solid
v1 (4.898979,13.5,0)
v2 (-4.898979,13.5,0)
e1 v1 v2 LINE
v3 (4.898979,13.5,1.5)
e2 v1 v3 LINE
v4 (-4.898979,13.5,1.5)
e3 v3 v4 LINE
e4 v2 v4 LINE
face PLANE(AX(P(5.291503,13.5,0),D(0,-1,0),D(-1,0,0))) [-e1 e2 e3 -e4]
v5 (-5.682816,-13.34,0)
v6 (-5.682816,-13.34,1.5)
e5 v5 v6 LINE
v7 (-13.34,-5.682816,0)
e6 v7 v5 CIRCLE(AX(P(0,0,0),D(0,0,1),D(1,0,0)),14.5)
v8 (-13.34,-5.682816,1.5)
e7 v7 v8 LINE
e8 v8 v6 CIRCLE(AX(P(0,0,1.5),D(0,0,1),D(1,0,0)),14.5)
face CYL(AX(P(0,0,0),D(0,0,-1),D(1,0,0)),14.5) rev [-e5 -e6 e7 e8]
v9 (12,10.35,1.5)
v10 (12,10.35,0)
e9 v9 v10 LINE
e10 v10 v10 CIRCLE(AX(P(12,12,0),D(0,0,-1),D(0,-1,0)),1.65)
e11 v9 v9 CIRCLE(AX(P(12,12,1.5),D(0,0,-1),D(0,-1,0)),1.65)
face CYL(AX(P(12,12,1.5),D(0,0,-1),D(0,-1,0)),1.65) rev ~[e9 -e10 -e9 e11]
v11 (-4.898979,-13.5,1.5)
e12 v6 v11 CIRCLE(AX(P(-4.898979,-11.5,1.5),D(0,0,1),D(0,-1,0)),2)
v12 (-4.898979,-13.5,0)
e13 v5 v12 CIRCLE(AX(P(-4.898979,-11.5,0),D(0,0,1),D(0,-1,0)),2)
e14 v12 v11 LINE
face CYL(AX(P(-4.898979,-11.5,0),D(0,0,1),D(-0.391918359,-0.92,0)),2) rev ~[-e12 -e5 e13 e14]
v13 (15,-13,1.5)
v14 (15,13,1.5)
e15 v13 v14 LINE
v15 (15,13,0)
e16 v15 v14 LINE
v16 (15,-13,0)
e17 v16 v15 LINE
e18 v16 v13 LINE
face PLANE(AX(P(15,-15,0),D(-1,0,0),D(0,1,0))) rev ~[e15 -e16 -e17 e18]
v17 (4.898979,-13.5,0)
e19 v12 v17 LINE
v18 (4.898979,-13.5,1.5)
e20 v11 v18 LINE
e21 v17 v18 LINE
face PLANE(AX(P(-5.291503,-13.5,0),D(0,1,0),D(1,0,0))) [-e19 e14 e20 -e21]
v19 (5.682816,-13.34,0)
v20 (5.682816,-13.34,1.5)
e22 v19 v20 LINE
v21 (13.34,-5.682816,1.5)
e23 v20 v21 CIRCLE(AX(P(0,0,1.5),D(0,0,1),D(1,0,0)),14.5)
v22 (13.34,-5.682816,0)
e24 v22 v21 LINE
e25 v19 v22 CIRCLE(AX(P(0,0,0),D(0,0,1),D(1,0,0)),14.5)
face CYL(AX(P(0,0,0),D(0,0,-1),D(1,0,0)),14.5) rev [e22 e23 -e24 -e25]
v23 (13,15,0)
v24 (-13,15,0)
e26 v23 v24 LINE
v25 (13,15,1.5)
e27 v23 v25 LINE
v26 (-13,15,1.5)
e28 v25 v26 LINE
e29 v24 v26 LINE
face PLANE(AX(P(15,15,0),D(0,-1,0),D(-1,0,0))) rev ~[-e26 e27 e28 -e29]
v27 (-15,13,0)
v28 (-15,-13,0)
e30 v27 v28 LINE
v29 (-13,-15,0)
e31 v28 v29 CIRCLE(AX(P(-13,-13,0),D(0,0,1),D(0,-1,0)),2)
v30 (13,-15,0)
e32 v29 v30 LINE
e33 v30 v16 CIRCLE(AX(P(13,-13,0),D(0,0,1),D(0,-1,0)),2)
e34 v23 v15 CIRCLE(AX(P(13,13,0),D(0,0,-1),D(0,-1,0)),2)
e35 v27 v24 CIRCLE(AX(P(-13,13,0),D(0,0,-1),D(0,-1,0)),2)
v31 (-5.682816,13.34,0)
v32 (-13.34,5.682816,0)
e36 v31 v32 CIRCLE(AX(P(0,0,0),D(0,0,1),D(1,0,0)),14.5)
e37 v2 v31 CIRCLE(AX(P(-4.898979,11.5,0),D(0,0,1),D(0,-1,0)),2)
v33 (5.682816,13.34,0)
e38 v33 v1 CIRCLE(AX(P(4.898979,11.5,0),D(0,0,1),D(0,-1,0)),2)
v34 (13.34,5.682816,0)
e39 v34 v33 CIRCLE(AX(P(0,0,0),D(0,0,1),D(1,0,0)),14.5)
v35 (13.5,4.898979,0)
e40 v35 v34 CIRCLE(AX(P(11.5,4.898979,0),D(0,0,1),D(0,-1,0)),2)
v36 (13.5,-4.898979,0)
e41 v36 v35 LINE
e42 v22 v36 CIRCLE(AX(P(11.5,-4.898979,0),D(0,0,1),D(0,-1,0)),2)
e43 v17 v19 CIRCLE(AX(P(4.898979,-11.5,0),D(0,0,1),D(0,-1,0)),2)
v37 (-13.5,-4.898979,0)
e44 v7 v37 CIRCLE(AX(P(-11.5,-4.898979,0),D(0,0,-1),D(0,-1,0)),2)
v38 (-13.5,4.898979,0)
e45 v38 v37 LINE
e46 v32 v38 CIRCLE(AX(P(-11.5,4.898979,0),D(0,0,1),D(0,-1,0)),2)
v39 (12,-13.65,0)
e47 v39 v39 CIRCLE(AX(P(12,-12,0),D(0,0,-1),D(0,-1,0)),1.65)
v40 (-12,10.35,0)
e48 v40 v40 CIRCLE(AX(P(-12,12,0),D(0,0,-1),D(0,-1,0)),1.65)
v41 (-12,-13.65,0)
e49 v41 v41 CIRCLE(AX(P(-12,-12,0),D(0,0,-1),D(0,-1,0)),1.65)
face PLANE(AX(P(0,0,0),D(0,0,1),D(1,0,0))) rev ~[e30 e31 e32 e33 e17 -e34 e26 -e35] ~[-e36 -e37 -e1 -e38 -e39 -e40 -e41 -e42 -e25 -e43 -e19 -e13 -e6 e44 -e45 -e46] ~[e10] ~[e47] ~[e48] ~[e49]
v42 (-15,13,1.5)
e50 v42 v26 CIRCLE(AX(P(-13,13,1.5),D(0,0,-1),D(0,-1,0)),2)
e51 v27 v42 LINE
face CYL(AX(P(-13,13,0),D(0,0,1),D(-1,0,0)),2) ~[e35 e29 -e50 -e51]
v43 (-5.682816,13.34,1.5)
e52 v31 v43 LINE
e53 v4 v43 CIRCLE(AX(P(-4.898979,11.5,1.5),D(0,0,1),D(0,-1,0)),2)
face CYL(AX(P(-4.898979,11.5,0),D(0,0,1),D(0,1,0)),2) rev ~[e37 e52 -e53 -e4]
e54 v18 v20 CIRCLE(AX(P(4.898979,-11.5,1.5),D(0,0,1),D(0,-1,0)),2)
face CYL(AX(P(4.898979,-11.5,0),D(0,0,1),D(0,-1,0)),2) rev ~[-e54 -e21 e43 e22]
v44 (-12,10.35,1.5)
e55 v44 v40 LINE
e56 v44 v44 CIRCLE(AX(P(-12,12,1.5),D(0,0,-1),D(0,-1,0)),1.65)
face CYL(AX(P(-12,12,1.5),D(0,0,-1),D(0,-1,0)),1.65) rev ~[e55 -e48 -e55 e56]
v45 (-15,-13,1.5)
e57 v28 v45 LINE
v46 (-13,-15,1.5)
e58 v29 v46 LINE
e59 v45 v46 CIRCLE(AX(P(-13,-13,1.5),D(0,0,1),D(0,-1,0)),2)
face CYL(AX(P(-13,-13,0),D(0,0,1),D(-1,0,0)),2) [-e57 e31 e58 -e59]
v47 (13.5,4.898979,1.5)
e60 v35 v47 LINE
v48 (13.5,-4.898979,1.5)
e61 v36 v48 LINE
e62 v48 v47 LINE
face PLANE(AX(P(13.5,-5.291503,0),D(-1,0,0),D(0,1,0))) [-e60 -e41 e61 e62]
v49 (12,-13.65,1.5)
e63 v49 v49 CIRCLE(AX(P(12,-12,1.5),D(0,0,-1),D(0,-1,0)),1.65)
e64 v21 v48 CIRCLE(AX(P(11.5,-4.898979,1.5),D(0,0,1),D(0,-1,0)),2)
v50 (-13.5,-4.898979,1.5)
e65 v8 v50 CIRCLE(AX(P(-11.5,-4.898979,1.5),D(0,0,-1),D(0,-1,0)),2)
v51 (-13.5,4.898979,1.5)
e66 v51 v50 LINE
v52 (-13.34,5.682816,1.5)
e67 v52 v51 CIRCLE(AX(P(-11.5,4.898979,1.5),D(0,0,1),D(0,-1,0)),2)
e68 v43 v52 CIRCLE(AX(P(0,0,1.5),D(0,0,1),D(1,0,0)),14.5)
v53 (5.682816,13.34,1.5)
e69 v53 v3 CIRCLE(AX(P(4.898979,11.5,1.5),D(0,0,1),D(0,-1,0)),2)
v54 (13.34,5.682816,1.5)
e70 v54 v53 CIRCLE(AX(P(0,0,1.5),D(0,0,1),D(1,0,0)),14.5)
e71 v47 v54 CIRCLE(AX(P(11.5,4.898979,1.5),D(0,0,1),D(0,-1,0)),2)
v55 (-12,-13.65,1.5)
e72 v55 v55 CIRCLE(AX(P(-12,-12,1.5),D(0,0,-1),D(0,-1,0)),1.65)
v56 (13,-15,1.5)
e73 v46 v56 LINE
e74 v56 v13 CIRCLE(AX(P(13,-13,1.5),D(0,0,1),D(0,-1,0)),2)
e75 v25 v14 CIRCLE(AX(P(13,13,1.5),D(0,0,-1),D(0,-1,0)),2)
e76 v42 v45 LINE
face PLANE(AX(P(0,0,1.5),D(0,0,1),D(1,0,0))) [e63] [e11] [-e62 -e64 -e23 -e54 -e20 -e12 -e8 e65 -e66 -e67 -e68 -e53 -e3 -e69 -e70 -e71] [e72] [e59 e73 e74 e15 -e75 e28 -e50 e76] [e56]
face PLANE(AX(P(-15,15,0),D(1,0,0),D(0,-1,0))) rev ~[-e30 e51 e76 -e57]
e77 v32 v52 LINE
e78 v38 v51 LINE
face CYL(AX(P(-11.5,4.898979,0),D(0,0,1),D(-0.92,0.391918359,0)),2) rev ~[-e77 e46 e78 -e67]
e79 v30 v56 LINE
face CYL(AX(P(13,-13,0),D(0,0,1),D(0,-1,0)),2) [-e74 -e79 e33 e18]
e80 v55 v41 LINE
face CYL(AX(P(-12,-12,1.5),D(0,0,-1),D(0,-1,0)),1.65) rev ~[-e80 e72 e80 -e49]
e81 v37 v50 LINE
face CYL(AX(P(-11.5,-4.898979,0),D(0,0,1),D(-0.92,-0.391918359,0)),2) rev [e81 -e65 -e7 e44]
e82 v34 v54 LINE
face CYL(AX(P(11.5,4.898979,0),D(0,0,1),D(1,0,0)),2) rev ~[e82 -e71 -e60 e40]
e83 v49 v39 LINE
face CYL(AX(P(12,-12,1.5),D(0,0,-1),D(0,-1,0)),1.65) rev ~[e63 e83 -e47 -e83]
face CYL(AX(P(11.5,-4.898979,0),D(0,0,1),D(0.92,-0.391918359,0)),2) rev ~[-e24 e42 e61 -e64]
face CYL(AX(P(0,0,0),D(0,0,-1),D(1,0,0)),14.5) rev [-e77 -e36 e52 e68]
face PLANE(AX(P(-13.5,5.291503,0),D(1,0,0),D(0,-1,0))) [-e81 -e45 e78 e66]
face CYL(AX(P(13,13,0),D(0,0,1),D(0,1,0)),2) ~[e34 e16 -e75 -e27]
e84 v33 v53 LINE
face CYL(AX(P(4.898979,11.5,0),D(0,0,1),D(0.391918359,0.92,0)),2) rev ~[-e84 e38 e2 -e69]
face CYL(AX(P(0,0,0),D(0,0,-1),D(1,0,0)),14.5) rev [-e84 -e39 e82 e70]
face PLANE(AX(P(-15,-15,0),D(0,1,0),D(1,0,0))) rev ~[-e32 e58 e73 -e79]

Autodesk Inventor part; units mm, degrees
ref_plane "YZ Plane" through (0, 0, 0) normal (1, 0, 0) x (0, 1, 0)
ref_plane "XZ Plane" through (0, 0, 0) normal (0, 1, 0) x (-1, 0, 0)
ref_plane "XY Plane" through (0, 0, 0) normal (0, 0, 1) x (1, 0, 0)
sketch "Sketch1" plane through (0, 0, 0) normal (0, 0, 1) x (1, 0, 0)
  line L0 (-15, -15) -> (15, -15)
  line L1 (15, -15) -> (15, 15)
  line L2 (15, 15) -> (-15, 15)
  line L3 (-15, 15) -> (-15, -15)
  line L4 (-15, -15) -> (15, 15) construction
  line L5 (15, -15) -> (-15, 15) construction
  line L6 (-13.5, -13.5) -> (13.5, -13.5)
  line L7 (13.5, -13.5) -> (13.5, 13.5)
  line L8 (13.5, 13.5) -> (-13.5, 13.5)
  line L9 (-13.5, 13.5) -> (-13.5, -13.5)
  line L10 (-13.5, -13.5) -> (13.5, 13.5) construction
  line L11 (13.5, -13.5) -> (-13.5, 13.5) construction
  circle A0 centre (0, 0) radius 14.5
  point P0 (5.2915, -13.5)
  point P1 (-5.2915, -13.5)
  point P2 (-13.5, -5.2915)
  point P3 (-13.5, 5.2915)
  point P4 (-5.2915, 13.5)
  point P5 (5.2915, 13.5)
  point P6 (13.5, 5.2915)
  point P7 (13.5, -5.2915)
  dimension "d0" = 30
  dimension "d1" = 30
  dimension "d2" = 27
  dimension "d3" = 27
  dimension "d4" = 29
extrude "Extrusion1" add sketch "Sketch1" along normal blind 1.5 contours L3 L2 L1 L0 | L9 A0 L6 | L6 A0 | A0 L9 | A0 L7 L6 | L9 L8 A0 | L7 A0 | A0 L8 | A0 L8 L7
fillet "Fillet1" radius 2 12 edges at (15, -15, 0.75) (15, 15, 0.75) (5.2915, 13.5, 0.75) (-13.5, 5.2915, 0.75) (-15, -15, 0.75) (-15, 15, 0.75) (13.5, 5.2915, 0.75) (-5.2915, 13.5, 0.75) (-5.2915, -13.5, 0.75) (-13.5, -5.2915, 0.75) (5.2915, -13.5, 0.75) (13.5, -5.2915, 0.75)
sketch "Sketch2" plane through (0, 0, 1.5) normal (0, 0, 1) x (1, 0, 0)
  line L0 (-12, -12) -> (12, -12) construction
  line L1 (12, -12) -> (12, 12) construction
  line L2 (12, 12) -> (-12, 12) construction
  line L3 (-12, 12) -> (-12, -12) construction
  line L4 (-12, -12) -> (12, 12) construction
  line L5 (12, -12) -> (-12, 12) construction
  point P0 (0, 0)
  dimension "d8" = 24
  dimension "d9" = 24
hole "Hole1" at (-12, 12, 1.5) at (12, 12, 1.5) at (12, -12, 1.5) at (-12, -12, 1.5) direction (0, 0, -1) diameter 3.3 end through all
properties part number "Hotend Cooling Fan Bracket" material "Rubber"
